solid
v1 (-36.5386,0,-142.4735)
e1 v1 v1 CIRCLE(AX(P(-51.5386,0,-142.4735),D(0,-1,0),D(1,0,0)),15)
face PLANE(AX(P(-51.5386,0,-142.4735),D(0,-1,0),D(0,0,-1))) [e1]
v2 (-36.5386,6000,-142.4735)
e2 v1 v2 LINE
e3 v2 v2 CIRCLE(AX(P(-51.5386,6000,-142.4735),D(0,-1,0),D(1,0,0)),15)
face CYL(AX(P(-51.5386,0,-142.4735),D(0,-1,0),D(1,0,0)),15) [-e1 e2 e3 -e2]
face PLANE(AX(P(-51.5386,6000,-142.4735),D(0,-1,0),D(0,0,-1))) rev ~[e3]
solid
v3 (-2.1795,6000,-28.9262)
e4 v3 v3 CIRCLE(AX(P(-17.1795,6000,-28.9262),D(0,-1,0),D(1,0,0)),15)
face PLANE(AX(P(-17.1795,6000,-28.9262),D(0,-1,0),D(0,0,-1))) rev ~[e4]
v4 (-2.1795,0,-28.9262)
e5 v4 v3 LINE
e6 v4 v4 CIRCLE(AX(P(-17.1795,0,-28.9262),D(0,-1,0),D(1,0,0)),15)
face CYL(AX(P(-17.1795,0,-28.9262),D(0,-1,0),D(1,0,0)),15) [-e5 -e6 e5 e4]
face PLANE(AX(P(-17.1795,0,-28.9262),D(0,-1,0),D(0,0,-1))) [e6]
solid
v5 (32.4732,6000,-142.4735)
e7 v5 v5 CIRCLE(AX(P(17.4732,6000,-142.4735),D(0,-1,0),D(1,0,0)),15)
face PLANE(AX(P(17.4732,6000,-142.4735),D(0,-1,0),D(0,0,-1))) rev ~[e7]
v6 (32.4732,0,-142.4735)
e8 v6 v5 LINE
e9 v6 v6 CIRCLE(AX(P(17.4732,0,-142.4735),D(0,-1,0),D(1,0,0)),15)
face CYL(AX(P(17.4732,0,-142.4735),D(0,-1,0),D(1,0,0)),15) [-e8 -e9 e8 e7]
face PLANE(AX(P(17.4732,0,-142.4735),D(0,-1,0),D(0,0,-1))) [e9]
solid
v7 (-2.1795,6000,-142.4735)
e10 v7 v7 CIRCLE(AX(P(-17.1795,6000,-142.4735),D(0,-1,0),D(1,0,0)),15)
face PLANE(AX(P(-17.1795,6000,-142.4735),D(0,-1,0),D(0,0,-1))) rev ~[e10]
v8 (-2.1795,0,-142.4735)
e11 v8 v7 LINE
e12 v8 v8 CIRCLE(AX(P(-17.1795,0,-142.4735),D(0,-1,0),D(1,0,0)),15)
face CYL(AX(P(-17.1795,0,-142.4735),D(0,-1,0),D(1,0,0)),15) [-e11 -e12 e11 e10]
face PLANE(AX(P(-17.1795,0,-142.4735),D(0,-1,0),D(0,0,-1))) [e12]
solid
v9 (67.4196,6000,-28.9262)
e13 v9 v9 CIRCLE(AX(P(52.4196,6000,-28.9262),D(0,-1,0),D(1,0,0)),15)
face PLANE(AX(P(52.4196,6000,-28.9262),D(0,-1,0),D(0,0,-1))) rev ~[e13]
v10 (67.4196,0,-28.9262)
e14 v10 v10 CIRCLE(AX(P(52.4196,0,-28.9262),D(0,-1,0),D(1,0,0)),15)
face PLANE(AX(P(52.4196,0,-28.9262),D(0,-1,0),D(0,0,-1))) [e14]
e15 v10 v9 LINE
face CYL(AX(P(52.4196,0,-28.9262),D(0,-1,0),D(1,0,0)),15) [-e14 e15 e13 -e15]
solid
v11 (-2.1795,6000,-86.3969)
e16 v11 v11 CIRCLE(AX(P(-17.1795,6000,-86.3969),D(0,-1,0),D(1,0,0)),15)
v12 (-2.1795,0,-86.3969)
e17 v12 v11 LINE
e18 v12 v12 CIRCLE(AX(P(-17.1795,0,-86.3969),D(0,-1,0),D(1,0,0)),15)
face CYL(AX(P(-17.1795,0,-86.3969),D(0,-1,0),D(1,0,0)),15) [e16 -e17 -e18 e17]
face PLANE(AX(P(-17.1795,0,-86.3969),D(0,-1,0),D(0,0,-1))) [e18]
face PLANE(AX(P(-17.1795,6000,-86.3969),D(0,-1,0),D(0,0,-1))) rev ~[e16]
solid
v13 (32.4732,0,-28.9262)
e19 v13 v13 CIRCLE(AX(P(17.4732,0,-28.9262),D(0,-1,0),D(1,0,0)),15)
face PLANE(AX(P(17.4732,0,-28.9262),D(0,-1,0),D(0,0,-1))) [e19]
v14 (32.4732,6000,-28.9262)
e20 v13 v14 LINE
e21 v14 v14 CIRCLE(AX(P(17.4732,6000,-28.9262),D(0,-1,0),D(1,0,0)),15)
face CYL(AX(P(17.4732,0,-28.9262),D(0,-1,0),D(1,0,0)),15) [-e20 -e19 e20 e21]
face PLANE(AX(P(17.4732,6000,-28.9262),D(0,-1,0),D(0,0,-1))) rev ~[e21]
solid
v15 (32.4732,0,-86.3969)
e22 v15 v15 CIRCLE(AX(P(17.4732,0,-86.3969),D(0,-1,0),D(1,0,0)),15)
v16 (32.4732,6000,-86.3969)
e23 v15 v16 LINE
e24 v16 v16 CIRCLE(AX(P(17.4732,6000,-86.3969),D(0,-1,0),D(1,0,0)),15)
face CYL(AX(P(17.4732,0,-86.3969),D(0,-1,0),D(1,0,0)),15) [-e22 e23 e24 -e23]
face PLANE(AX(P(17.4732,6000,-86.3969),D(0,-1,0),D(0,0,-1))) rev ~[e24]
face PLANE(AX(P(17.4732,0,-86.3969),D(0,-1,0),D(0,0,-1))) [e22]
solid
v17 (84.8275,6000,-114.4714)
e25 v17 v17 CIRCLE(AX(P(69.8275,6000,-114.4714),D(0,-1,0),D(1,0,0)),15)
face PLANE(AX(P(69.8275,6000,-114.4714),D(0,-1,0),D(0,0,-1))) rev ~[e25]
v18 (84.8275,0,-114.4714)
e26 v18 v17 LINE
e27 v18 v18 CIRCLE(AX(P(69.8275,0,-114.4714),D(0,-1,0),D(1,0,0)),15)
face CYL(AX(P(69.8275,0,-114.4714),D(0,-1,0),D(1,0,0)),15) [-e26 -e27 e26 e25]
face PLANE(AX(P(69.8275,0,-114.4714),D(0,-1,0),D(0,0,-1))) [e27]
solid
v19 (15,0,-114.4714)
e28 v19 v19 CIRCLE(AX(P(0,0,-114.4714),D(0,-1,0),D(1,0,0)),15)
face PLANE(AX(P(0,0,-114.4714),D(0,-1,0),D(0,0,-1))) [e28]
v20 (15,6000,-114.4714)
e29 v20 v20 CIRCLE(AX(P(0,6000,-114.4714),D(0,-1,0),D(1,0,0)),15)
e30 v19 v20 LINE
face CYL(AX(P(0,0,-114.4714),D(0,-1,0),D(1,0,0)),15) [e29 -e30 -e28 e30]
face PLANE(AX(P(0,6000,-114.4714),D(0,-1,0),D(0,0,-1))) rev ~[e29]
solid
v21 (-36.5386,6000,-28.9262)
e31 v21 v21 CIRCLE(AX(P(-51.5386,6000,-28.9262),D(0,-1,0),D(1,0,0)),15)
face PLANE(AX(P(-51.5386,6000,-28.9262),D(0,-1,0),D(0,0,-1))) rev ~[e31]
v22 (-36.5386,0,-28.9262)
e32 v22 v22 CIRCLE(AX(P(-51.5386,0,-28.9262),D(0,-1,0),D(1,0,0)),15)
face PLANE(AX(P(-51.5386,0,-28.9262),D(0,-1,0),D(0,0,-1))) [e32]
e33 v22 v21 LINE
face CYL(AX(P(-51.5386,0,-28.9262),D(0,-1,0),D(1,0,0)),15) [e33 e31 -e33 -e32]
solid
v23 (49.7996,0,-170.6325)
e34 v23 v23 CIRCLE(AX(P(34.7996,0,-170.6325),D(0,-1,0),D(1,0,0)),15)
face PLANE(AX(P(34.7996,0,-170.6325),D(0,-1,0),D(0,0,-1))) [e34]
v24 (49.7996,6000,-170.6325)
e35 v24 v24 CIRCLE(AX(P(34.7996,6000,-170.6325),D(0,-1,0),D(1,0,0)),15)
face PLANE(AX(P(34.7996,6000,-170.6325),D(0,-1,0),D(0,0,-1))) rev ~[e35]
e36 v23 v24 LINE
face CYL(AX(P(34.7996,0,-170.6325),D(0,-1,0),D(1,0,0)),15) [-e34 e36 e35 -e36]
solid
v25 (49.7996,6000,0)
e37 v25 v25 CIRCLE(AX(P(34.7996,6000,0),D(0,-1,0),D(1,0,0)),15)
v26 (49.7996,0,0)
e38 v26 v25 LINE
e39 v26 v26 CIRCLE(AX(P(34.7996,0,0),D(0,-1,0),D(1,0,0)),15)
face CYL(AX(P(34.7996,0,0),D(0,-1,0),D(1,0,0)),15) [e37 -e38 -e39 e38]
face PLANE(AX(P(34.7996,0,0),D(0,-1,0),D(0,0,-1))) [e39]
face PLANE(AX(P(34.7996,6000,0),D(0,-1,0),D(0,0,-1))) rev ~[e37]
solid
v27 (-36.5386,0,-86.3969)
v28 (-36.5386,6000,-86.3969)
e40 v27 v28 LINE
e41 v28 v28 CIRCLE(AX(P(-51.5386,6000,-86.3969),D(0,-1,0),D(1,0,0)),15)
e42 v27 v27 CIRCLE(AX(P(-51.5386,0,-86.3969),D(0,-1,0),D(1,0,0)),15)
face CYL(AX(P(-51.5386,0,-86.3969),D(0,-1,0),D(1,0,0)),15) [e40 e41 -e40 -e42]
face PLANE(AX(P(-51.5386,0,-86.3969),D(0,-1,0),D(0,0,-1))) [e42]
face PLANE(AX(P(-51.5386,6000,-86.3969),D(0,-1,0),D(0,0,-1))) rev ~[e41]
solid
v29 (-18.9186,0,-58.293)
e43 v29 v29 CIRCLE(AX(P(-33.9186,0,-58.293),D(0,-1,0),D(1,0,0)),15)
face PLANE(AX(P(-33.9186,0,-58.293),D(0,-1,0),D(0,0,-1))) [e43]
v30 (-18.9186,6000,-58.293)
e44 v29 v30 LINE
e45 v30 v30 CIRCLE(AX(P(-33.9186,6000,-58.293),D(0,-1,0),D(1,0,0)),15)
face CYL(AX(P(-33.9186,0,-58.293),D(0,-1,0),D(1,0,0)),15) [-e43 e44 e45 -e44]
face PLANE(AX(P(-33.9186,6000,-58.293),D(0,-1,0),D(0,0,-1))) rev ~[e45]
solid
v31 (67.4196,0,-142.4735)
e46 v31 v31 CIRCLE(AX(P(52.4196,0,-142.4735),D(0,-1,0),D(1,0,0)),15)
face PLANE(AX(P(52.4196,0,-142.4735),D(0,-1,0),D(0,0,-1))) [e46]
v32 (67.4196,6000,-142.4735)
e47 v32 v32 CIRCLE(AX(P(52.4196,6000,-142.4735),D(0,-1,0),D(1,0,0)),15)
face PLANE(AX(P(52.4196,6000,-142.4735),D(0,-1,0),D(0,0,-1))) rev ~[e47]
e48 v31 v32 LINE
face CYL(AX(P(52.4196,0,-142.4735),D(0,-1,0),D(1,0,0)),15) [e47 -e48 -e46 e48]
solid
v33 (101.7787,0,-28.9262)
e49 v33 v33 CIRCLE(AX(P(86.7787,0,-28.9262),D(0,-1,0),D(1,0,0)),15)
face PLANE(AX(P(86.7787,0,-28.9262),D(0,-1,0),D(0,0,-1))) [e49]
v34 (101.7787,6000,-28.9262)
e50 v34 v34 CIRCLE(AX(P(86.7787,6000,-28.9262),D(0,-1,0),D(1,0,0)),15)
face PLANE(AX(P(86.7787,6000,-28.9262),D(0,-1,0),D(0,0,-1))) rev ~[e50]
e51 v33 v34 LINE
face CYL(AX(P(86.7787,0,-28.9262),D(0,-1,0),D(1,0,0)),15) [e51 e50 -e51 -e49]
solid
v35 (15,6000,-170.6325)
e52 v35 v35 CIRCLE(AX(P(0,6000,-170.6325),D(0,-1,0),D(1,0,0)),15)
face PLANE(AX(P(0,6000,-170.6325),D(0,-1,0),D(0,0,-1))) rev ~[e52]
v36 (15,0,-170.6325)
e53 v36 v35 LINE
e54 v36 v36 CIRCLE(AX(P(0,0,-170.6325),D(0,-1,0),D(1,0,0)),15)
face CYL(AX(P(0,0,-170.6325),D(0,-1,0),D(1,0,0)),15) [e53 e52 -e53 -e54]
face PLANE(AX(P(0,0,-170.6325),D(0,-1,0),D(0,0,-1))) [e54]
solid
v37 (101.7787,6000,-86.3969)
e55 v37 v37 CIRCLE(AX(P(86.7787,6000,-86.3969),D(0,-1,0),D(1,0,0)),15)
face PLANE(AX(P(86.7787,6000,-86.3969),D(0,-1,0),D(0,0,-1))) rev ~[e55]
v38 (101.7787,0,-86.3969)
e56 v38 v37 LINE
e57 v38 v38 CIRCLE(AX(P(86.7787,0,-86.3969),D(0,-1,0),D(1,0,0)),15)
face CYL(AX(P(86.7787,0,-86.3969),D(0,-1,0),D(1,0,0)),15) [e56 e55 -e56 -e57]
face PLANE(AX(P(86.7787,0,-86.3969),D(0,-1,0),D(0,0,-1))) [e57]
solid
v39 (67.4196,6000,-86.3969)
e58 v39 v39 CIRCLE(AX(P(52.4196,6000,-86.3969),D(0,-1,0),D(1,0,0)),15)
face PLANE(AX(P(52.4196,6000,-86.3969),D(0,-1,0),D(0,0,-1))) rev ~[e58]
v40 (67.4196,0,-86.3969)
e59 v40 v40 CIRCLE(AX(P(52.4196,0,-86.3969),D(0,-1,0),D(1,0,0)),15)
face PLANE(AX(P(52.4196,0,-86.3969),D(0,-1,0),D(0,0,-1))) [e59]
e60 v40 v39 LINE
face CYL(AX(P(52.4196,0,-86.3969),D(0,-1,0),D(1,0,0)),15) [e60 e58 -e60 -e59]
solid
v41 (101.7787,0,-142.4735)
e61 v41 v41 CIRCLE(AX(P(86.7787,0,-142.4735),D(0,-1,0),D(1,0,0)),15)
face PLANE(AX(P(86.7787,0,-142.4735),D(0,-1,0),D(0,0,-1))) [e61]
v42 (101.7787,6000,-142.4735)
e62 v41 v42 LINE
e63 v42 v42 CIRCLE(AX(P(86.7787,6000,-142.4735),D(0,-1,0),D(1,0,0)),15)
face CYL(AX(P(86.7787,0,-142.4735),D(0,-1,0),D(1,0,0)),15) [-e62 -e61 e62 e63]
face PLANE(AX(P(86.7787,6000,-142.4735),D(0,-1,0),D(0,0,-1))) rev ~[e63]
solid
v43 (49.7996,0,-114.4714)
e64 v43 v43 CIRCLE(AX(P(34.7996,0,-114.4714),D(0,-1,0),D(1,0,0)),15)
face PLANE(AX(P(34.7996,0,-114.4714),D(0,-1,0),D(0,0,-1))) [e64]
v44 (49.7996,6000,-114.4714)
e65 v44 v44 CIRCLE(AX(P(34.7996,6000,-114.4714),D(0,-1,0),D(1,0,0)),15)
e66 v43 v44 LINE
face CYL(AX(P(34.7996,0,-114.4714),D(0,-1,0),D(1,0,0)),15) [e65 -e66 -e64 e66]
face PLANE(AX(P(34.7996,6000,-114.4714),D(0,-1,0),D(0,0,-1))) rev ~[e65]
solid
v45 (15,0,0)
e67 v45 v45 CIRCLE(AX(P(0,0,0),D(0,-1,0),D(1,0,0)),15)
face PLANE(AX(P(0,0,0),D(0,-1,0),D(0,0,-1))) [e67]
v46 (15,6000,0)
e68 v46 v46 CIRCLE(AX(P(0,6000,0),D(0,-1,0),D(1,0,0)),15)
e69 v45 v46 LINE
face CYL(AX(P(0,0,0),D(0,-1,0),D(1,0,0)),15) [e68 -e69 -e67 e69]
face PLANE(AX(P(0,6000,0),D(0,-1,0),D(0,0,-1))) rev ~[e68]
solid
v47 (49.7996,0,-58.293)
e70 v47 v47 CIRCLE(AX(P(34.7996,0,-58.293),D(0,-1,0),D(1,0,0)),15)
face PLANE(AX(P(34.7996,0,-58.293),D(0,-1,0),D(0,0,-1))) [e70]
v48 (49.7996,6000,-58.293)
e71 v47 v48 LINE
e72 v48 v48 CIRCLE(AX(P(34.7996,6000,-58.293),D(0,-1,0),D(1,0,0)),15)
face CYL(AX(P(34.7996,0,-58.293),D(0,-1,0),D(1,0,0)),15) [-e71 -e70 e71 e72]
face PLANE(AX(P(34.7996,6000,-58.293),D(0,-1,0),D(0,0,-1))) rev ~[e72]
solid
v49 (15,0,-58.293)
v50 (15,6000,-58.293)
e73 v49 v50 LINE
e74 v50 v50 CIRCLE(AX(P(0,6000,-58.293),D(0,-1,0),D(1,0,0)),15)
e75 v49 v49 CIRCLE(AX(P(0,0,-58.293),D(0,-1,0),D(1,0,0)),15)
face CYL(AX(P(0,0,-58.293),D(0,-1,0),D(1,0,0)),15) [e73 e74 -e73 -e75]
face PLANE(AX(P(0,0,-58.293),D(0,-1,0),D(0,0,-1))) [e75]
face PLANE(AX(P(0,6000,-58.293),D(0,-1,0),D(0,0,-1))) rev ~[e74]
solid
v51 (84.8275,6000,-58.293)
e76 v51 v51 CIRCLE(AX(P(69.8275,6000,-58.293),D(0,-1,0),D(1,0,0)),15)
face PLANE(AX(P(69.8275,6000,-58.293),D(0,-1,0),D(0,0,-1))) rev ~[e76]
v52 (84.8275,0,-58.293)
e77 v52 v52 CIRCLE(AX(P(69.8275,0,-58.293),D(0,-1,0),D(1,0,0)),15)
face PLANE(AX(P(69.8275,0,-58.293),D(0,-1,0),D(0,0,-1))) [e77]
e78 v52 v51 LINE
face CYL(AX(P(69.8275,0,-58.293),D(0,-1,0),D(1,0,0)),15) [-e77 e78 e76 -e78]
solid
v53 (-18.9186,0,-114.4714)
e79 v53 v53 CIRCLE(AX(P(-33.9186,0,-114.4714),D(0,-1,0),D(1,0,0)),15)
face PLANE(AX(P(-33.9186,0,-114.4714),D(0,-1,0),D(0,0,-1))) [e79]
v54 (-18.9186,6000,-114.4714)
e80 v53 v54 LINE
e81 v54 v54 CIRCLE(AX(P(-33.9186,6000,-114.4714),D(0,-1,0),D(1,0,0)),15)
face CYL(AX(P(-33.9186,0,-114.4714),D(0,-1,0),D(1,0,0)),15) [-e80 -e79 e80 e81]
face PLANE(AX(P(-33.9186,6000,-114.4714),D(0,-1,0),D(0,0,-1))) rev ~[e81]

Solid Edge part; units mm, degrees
sketch "Sketch1" plane through (0, 0, 0) normal (0, -1, 0) x (1, 0, 0)
  circle A0 centre (0, 0) radius 15
  circle A1 centre (-51.5386, -28.9262) radius 15
  circle A2 centre (-17.1795, -28.9262) radius 15
  circle A3 centre (17.4732, -28.9262) radius 15
  circle A4 centre (34.7996, 0) radius 15
  circle A5 centre (52.4196, -28.9262) radius 15
  circle A6 centre (86.7787, -28.9262) radius 15
  circle A7 centre (69.8275, -58.293) radius 15
  circle A8 centre (34.7996, -58.293) radius 15
  circle A9 centre (0, -58.293) radius 15
  circle A10 centre (-33.9186, -58.293) radius 15
  circle A11 centre (-51.5386, -86.3969) radius 15
  circle A12 centre (-17.1795, -86.3969) radius 15
  circle A13 centre (17.4732, -86.3969) radius 15
  circle A14 centre (52.4196, -86.3969) radius 15
  circle A15 centre (86.7787, -86.3969) radius 15
  circle A16 centre (69.8275, -114.4714) radius 15
  circle A17 centre (34.7996, -114.4714) radius 15
  circle A18 centre (0, -114.4714) radius 15
  circle A19 centre (-33.9186, -114.4714) radius 15
  circle A20 centre (-51.5386, -142.4735) radius 15
  circle A21 centre (-17.1795, -142.4735) radius 15
  circle A22 centre (17.4732, -142.4735) radius 15
  circle A23 centre (52.4196, -142.4735) radius 15
  circle A24 centre (86.7787, -142.4735) radius 15
  circle A25 centre (34.7996, -170.6325) radius 15
  circle A26 centre (0, -170.6325) radius 15
extrude "Protrusion1" add sketch "Sketch1" against normal blind 6000
